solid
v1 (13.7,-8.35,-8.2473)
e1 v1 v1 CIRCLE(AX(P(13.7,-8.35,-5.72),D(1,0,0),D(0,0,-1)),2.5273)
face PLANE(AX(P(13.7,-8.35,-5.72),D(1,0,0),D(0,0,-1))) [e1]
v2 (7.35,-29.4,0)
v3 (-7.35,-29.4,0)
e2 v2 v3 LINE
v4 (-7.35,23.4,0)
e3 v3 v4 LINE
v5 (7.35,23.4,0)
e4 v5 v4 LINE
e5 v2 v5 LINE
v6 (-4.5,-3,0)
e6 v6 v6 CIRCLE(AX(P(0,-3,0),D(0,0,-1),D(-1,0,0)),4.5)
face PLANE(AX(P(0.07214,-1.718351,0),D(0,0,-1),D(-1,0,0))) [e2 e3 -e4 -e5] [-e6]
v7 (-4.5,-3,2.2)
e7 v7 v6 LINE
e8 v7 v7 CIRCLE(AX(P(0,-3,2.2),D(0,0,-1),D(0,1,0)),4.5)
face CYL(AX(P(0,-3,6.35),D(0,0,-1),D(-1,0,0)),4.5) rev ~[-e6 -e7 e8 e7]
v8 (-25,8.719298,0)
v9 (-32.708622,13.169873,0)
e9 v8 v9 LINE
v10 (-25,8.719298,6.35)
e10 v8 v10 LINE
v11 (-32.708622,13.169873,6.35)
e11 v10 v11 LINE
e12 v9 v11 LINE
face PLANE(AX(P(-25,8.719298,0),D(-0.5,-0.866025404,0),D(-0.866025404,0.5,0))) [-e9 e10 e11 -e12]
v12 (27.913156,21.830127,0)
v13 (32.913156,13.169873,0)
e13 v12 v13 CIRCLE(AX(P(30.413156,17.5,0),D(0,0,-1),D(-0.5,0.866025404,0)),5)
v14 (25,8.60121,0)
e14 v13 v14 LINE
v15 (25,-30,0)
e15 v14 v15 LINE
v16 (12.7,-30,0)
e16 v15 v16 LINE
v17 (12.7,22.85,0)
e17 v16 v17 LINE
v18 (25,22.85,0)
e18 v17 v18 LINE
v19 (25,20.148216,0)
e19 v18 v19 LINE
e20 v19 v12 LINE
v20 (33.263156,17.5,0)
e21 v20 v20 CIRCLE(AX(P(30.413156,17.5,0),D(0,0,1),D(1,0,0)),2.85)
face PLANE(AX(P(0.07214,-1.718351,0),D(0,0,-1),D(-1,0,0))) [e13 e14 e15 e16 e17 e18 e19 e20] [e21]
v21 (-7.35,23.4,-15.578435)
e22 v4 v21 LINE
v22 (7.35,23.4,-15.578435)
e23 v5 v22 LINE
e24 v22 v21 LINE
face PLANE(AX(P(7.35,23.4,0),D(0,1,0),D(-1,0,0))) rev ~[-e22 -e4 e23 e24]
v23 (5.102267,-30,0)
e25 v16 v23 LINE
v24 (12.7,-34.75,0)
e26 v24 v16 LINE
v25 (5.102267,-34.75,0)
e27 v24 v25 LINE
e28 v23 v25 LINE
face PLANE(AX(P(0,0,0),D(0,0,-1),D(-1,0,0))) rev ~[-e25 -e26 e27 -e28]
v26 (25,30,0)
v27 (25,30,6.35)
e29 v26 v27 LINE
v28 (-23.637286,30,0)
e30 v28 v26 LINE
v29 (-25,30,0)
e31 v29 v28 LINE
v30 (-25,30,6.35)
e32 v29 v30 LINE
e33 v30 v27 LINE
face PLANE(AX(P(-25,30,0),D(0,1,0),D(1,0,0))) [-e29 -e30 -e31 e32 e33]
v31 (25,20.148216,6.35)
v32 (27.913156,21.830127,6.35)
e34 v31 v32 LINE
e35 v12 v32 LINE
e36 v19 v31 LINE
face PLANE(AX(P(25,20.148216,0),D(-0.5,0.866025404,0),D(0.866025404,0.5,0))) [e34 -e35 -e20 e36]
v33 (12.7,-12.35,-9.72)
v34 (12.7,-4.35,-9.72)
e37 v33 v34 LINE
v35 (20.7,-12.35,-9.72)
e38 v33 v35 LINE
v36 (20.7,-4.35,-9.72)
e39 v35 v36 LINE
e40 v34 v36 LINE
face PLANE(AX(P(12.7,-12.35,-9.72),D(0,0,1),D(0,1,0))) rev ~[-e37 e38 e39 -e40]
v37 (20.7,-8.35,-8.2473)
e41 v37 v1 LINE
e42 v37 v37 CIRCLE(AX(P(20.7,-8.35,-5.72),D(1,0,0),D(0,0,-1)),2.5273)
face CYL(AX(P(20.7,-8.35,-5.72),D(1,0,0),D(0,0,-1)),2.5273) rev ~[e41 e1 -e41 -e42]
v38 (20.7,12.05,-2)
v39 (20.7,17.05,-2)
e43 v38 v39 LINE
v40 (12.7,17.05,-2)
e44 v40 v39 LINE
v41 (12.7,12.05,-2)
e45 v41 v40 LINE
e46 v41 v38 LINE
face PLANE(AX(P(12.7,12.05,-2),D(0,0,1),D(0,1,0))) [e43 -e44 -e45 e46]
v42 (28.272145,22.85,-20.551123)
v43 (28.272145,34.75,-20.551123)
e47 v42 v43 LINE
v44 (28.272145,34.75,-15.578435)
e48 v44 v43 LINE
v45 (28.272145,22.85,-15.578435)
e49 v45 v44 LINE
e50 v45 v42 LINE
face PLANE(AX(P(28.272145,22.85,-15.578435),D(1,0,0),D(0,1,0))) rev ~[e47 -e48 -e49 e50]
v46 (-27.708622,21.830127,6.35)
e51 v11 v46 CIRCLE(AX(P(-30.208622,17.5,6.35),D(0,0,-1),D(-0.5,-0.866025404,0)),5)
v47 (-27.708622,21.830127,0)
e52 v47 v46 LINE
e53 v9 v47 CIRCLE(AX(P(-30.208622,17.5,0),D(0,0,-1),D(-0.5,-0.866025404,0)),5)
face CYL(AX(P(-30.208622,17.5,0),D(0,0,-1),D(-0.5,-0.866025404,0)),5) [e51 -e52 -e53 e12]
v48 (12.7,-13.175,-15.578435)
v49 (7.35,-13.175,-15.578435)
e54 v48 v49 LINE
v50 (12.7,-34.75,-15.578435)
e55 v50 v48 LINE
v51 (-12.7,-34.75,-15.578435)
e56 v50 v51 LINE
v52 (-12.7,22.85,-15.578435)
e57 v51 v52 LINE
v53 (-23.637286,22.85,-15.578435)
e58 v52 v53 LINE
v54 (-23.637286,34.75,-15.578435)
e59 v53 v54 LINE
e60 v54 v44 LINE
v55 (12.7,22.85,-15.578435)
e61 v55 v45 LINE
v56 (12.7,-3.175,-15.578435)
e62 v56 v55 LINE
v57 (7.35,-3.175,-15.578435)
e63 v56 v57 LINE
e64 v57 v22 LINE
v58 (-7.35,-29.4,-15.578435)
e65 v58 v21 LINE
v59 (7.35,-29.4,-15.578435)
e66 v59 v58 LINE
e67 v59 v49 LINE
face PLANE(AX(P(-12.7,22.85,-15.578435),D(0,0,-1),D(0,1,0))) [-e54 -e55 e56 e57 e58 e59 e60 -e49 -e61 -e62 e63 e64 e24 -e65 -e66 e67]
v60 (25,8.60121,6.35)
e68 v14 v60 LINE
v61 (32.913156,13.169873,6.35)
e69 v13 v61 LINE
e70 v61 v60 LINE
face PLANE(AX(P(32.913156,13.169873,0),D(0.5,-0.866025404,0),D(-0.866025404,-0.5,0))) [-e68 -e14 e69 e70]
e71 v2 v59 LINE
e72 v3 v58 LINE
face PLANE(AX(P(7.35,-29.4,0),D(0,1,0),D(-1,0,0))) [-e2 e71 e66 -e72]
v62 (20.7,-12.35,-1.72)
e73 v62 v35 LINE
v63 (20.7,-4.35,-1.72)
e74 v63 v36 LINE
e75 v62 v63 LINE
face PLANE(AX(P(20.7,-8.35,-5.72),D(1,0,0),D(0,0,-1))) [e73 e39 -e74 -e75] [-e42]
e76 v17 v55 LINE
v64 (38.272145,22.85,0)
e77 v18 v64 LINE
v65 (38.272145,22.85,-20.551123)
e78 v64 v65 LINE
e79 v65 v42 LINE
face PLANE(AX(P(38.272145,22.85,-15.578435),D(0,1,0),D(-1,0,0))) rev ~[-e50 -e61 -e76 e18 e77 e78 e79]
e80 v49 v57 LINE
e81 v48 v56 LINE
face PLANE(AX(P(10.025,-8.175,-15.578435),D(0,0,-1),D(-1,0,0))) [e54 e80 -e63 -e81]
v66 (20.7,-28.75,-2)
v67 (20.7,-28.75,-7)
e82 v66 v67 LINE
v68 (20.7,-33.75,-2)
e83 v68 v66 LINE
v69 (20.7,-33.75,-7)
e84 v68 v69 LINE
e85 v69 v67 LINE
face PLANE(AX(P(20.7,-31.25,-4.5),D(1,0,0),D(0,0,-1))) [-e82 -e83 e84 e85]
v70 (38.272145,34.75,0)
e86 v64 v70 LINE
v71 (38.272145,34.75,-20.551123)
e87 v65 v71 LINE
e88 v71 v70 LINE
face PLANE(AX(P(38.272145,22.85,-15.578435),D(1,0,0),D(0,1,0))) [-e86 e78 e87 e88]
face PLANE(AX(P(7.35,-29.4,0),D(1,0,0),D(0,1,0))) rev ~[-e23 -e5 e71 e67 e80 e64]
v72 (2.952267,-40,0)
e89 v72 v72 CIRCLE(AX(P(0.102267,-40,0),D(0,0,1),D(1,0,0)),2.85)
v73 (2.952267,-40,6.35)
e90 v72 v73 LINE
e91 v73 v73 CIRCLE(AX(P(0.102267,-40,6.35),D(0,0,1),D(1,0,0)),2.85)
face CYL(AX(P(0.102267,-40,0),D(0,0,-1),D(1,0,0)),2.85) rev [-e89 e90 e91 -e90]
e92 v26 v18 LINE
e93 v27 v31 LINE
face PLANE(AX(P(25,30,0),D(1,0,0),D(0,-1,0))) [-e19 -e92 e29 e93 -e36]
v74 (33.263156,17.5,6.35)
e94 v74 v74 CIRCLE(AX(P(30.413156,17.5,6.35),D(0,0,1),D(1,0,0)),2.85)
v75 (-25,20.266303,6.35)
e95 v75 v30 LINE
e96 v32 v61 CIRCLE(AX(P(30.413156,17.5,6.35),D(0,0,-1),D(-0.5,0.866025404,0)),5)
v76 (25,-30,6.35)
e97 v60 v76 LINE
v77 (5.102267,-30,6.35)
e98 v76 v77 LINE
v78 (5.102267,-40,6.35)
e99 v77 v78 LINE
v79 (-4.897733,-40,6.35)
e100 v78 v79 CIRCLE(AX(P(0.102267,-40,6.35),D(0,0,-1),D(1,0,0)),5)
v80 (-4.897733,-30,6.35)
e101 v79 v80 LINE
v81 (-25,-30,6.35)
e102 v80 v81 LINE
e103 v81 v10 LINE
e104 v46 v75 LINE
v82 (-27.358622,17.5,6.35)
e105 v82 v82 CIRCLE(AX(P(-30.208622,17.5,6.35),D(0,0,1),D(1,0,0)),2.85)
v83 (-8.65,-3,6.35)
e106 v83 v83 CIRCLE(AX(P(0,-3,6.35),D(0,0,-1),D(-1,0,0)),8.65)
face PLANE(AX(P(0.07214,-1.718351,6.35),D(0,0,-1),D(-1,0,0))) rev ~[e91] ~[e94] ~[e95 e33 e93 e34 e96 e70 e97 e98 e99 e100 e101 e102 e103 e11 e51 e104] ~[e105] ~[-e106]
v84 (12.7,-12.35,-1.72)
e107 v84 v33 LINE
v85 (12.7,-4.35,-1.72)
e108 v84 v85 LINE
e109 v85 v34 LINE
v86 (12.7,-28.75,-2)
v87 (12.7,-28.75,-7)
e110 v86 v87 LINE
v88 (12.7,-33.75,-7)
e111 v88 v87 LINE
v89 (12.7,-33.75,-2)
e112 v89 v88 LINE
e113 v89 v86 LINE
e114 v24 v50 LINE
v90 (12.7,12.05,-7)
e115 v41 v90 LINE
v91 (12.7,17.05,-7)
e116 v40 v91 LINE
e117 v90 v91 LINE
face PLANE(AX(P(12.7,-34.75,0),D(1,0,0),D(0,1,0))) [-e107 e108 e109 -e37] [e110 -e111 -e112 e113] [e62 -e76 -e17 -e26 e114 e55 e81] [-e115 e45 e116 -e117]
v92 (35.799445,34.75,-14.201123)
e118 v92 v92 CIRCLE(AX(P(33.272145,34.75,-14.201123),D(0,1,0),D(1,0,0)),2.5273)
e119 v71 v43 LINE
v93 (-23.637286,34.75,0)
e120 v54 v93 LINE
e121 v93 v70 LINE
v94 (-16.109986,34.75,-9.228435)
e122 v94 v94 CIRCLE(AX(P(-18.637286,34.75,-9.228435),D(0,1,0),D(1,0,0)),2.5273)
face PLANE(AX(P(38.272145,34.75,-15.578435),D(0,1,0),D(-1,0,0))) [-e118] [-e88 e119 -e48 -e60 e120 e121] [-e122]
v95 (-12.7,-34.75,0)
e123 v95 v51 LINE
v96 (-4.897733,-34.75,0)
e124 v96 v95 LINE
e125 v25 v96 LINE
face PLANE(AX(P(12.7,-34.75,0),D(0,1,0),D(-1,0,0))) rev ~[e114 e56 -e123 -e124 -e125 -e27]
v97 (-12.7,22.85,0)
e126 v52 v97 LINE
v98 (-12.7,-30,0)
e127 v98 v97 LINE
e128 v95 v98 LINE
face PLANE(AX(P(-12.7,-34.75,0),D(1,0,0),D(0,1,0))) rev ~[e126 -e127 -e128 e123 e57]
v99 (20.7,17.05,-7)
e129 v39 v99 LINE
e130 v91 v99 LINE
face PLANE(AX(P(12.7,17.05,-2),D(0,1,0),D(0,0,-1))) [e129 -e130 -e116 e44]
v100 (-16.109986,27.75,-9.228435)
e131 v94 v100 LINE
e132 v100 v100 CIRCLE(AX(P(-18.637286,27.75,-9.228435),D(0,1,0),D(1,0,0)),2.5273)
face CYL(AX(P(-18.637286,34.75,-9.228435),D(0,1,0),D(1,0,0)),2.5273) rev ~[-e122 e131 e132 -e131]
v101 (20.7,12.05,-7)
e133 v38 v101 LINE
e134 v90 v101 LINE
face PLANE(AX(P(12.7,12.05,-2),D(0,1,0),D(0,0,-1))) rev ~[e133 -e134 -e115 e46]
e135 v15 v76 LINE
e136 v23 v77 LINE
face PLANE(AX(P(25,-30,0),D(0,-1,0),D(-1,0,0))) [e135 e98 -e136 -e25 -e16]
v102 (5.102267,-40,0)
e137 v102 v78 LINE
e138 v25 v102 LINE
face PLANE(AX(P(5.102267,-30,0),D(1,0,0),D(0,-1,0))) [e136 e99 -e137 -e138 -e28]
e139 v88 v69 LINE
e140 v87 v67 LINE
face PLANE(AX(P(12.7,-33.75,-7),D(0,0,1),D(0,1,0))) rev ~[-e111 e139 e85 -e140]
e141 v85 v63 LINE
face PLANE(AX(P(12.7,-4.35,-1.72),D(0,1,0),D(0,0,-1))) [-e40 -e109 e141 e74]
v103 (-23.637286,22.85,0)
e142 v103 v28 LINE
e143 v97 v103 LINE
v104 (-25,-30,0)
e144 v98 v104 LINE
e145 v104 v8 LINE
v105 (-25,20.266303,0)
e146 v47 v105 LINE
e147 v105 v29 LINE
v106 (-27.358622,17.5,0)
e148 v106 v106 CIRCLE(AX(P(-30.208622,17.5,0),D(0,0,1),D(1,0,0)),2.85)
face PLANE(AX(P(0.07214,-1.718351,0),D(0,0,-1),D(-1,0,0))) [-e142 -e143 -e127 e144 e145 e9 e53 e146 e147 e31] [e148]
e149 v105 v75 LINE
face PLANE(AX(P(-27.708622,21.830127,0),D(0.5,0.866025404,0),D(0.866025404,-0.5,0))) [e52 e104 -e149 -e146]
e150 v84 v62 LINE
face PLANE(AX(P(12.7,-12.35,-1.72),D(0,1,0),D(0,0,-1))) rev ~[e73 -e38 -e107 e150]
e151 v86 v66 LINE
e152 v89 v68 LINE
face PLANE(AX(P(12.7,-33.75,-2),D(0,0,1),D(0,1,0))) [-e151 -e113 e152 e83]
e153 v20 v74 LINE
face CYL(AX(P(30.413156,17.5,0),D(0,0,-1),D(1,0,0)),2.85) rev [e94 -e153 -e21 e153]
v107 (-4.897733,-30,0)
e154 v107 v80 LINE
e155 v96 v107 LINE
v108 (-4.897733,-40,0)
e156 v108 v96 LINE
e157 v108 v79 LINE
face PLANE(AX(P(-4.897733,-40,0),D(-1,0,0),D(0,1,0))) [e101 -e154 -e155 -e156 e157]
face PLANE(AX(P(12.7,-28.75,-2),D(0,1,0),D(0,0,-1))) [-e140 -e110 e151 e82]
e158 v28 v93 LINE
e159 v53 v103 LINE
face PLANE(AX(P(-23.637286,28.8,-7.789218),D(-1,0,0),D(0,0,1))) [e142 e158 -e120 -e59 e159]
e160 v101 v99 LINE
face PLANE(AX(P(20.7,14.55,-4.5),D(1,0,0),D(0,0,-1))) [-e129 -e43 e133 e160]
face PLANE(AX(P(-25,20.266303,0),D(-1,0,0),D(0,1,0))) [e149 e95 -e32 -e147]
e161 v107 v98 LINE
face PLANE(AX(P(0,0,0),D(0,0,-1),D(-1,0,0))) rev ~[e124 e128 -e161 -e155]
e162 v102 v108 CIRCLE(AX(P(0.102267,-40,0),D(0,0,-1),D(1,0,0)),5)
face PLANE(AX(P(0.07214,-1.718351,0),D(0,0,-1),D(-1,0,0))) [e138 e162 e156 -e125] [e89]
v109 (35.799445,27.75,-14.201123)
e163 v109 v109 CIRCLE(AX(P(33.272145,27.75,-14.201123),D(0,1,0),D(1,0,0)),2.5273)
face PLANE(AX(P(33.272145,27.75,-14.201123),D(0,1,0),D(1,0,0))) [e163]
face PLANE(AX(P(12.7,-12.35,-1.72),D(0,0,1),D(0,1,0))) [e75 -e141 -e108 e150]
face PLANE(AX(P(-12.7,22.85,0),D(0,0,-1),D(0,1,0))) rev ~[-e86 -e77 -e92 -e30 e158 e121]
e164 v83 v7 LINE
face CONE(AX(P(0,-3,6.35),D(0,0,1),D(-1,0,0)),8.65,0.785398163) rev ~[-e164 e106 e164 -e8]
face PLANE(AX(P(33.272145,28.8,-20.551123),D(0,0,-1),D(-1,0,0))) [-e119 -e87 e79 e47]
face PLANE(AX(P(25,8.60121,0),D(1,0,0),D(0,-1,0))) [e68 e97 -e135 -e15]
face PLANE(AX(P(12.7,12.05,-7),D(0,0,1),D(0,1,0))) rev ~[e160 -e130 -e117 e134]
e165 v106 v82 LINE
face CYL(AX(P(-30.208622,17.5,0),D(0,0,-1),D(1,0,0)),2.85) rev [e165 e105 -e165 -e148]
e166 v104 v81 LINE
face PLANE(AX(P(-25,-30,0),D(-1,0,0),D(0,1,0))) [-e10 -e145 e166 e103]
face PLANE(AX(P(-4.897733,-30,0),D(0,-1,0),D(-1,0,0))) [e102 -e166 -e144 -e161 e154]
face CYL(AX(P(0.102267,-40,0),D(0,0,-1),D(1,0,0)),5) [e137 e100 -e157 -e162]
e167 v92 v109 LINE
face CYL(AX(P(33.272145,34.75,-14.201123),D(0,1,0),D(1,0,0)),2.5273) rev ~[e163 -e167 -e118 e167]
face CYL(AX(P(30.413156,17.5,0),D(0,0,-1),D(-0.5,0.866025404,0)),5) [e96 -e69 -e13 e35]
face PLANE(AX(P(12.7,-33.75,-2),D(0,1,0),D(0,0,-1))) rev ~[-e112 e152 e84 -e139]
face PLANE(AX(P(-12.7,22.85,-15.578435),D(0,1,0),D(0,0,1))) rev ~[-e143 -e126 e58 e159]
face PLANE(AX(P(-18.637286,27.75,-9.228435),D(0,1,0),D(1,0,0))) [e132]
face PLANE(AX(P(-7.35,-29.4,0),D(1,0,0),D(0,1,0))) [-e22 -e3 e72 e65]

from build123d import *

# Parameters (mm, degrees)
SKETCH1_R                                       = 2.85
BOSS_EXTRUDE1_DEPTH                             = 6.35
SKETCH2_W                                       = 25.4
SKETCH2_H                                       = 69.5
SKETCH2_W_2                                     = 14.7
SKETCH2_H_2                                     = 52.8
BOSS_EXTRUDE2_DEPTH                             = 15.578435
CSK_FOR_M8_FLAT_HEAD_MACHINE_SCREW1_D           = 9
CSK_FOR_M8_FLAT_HEAD_MACHINE_SCREW1_DEPTH       = 17.5
CSK_FOR_M8_FLAT_HEAD_MACHINE_SCREW1_CSINK_D     = 17.3
CSK_FOR_M8_FLAT_HEAD_MACHINE_SCREW1_CSINK_ANGLE = 90
CSK_FOR_M8_FLAT_HEAD_MACHINE_SCREW1_TIP         = 2.703872786
SKETCH6_W                                       = 15.578435
SKETCH6_H                                       = 11.9
BOSS_EXTRUDE3_DEPTH                             = 25.572145
SKETCH7_W                                       = 15.578435
SKETCH7_H                                       = 11.9
BOSS_EXTRUDE4_DEPTH                             = 10.937286
SKETCH8_R                                       = 2.5273
CUT_EXTRUDE1_DEPTH                              = 7
SKETCH9_W                                       = 10
SKETCH9_H                                       = 11.9
BOSS_EXTRUDE5_DEPTH                             = 4.972688
SKETCH10_R                                      = 2.5273
CUT_EXTRUDE2_DEPTH                              = 7
SKETCH11_W                                      = 5.3384196
SKETCH11_H                                      = 10
BOSS_EXTRUDE6_DEPTH                             = 5.35
SKETCH14_W                                      = 5.35
SKETCH14_H                                      = 10
CUT_EXTRUDE4_DEPTH                              = 5.33842
SKETCH15_W                                      = 5
SKETCH15_H                                      = 5
SKETCH15_W_2                                    = 8
SKETCH15_H_2                                    = 8
BOSS_EXTRUDE7_DEPTH                             = 8
SKETCH16_R                                      = 2.5273
CUT_EXTRUDE5_DEPTH                              = 7


with BuildPart() as part:
    # Sketch1 → Boss-Extrude1 (new body)
    with BuildSketch(Plane.XY):
        with BuildLine():
            Line((-5, 30), (5, 30))
            Line((5, 30), (25, 30))
            Line((25, 30), (25, 20.148215542))
            Line((25, 20.148215542), (27.91315613, 21.830127018))
            ThreePointArc((27.91315613, 21.830127018), (34.743283149, 19.999999999), (32.91315613, 13.16987298))
            Line((32.91315613, 13.16987298), (25, 8.601210158))
            Line((25, 8.601210158), (25, -30))
            Line((25, -30), (5.102267, -30))
            Line((5.102267, -30), (5.102267, -40))
            ThreePointArc((5.102267, -40), (0.102267, -45), (-4.897733, -40))
            Line((-4.897733, -40), (-4.897733, -30))
            Line((-4.897733, -30), (-25, -30))
            Line((-25, -30), (-25, 8.719297918))
            Line((-25, 8.719297918), (-32.70862213, 13.16987298))
            ThreePointArc((-32.70862213, 13.16987298), (-34.538749149, 19.999999999), (-27.70862213, 21.830127018))
            Line((-27.70862213, 21.830127018), (-25, 20.266303302))
            Line((-25, 20.266303302), (-25, 30))
            Line((-25, 30), (-5, 30))
        make_face()
        with Locations((0.102267, -40)):
            Circle(SKETCH1_R, mode=Mode.SUBTRACT)
        with Locations((30.41315613, 17.499999999)):
            Circle(SKETCH1_R, mode=Mode.SUBTRACT)
        with Locations((-30.20862213, 17.499999999)):
            Circle(SKETCH1_R, mode=Mode.SUBTRACT)
    extrude(amount=BOSS_EXTRUDE1_DEPTH)

    # Sketch2 → Boss-Extrude2 (add)
    with BuildSketch(Plane(origin=(0, 0, 0), x_dir=(-1, 0, 0), z_dir=(0, 0, -1))):
        Rectangle(SKETCH2_W, SKETCH2_H)
        with Locations((0, -3)):
            Rectangle(SKETCH2_W_2, SKETCH2_H_2, mode=Mode.SUBTRACT)
    extrude(amount=BOSS_EXTRUDE2_DEPTH)

    # CSK for M8 Flat Head Machine Screw1
    with Locations(Plane.XY.offset(6.35)):
        with Locations((0, -3)):
            CounterSinkHole(CSK_FOR_M8_FLAT_HEAD_MACHINE_SCREW1_D / 2, CSK_FOR_M8_FLAT_HEAD_MACHINE_SCREW1_CSINK_D / 2, depth=CSK_FOR_M8_FLAT_HEAD_MACHINE_SCREW1_DEPTH, counter_sink_angle=CSK_FOR_M8_FLAT_HEAD_MACHINE_SCREW1_CSINK_ANGLE)
            with Locations((0, 0, -(CSK_FOR_M8_FLAT_HEAD_MACHINE_SCREW1_DEPTH + CSK_FOR_M8_FLAT_HEAD_MACHINE_SCREW1_TIP / 2))):  # 118° drill point
                Cone(0, CSK_FOR_M8_FLAT_HEAD_MACHINE_SCREW1_D / 2, CSK_FOR_M8_FLAT_HEAD_MACHINE_SCREW1_TIP, mode=Mode.SUBTRACT)

    # Sketch6 → Boss-Extrude3 (add)
    with BuildSketch(Plane(origin=(12.7, 0, 0), x_dir=(0, 0, -1), z_dir=(1, 0, 0))):
        with Locations((7.7892175, 28.8)):
            Rectangle(SKETCH6_W, SKETCH6_H)
    extrude(amount=BOSS_EXTRUDE3_DEPTH)

    # Sketch7 → Boss-Extrude4 (add)
    with BuildSketch(Plane.ZY.offset(12.7)):
        with Locations((-7.7892175, 28.8)):
            Rectangle(SKETCH7_W, SKETCH7_H)
    extrude(amount=BOSS_EXTRUDE4_DEPTH)

    # Sketch8 → Cut-Extrude1 (cut)
    with BuildSketch(Plane(origin=(0, 34.75, 0), x_dir=(1, 0, 0), z_dir=(0, 1, 0))):
        with Locations((-18.637286, 9.228435)):
            Circle(SKETCH8_R)
    extrude(amount=-CUT_EXTRUDE1_DEPTH, mode=Mode.SUBTRACT)

    # Sketch9 → Boss-Extrude5 (add)
    with BuildSketch(Plane(origin=(0, 0, -15.578435), x_dir=(-1, 0, 0), z_dir=(0, 0, -1))):
        with Locations((-33.272145, 28.8)):
            Rectangle(SKETCH9_W, SKETCH9_H)
    extrude(amount=BOSS_EXTRUDE5_DEPTH)

    # Sketch10 → Cut-Extrude2 (cut)
    with BuildSketch(Plane(origin=(0, 34.75, 0), x_dir=(1, 0, 0), z_dir=(0, 1, 0))):
        with Locations((33.272145, 14.201123)):
            Circle(SKETCH10_R)
    extrude(amount=-CUT_EXTRUDE2_DEPTH, mode=Mode.SUBTRACT)

    # Sketch11 → Boss-Extrude6 (add)
    with BuildSketch(Plane(origin=(12.7, 0, 0), x_dir=(0, 0, -1), z_dir=(1, 0, 0))):
        with Locations((18.2476448, -8.175)):
            Rectangle(SKETCH11_W, SKETCH11_H)
    extrude(amount=-BOSS_EXTRUDE6_DEPTH)

    # Sketch14 → Cut-Extrude4 (cut)
    with BuildSketch(Plane(origin=(0, 0, -20.9168546), x_dir=(-1, 0, 0), z_dir=(0, 0, -1))):
        with Locations((-10.025, -8.175)):
            Rectangle(SKETCH14_W, SKETCH14_H)
    extrude(amount=-CUT_EXTRUDE4_DEPTH, mode=Mode.SUBTRACT)

    # Sketch15 → Boss-Extrude7 (add)
    with BuildSketch(Plane(origin=(12.7, 0, 0), x_dir=(0, 0, -1), z_dir=(1, 0, 0))):
        with Locations((4.5, 14.55)):
            Rectangle(SKETCH15_W, SKETCH15_H)
        with Locations((4.5, -31.25)):
            Rectangle(SKETCH15_W, SKETCH15_H)
        with Locations((5.72, -8.35)):
            Rectangle(SKETCH15_W_2, SKETCH15_H_2)
    extrude(amount=BOSS_EXTRUDE7_DEPTH)

    # Sketch16 → Cut-Extrude5 (cut)
    with BuildSketch(Plane(origin=(20.7, 0, 0), x_dir=(0, 0, -1), z_dir=(1, 0, 0))):
        with Locations((5.72, -8.35)):
            Circle(SKETCH16_R)
    extrude(amount=-CUT_EXTRUDE5_DEPTH, mode=Mode.SUBTRACT)


solid = part.part
